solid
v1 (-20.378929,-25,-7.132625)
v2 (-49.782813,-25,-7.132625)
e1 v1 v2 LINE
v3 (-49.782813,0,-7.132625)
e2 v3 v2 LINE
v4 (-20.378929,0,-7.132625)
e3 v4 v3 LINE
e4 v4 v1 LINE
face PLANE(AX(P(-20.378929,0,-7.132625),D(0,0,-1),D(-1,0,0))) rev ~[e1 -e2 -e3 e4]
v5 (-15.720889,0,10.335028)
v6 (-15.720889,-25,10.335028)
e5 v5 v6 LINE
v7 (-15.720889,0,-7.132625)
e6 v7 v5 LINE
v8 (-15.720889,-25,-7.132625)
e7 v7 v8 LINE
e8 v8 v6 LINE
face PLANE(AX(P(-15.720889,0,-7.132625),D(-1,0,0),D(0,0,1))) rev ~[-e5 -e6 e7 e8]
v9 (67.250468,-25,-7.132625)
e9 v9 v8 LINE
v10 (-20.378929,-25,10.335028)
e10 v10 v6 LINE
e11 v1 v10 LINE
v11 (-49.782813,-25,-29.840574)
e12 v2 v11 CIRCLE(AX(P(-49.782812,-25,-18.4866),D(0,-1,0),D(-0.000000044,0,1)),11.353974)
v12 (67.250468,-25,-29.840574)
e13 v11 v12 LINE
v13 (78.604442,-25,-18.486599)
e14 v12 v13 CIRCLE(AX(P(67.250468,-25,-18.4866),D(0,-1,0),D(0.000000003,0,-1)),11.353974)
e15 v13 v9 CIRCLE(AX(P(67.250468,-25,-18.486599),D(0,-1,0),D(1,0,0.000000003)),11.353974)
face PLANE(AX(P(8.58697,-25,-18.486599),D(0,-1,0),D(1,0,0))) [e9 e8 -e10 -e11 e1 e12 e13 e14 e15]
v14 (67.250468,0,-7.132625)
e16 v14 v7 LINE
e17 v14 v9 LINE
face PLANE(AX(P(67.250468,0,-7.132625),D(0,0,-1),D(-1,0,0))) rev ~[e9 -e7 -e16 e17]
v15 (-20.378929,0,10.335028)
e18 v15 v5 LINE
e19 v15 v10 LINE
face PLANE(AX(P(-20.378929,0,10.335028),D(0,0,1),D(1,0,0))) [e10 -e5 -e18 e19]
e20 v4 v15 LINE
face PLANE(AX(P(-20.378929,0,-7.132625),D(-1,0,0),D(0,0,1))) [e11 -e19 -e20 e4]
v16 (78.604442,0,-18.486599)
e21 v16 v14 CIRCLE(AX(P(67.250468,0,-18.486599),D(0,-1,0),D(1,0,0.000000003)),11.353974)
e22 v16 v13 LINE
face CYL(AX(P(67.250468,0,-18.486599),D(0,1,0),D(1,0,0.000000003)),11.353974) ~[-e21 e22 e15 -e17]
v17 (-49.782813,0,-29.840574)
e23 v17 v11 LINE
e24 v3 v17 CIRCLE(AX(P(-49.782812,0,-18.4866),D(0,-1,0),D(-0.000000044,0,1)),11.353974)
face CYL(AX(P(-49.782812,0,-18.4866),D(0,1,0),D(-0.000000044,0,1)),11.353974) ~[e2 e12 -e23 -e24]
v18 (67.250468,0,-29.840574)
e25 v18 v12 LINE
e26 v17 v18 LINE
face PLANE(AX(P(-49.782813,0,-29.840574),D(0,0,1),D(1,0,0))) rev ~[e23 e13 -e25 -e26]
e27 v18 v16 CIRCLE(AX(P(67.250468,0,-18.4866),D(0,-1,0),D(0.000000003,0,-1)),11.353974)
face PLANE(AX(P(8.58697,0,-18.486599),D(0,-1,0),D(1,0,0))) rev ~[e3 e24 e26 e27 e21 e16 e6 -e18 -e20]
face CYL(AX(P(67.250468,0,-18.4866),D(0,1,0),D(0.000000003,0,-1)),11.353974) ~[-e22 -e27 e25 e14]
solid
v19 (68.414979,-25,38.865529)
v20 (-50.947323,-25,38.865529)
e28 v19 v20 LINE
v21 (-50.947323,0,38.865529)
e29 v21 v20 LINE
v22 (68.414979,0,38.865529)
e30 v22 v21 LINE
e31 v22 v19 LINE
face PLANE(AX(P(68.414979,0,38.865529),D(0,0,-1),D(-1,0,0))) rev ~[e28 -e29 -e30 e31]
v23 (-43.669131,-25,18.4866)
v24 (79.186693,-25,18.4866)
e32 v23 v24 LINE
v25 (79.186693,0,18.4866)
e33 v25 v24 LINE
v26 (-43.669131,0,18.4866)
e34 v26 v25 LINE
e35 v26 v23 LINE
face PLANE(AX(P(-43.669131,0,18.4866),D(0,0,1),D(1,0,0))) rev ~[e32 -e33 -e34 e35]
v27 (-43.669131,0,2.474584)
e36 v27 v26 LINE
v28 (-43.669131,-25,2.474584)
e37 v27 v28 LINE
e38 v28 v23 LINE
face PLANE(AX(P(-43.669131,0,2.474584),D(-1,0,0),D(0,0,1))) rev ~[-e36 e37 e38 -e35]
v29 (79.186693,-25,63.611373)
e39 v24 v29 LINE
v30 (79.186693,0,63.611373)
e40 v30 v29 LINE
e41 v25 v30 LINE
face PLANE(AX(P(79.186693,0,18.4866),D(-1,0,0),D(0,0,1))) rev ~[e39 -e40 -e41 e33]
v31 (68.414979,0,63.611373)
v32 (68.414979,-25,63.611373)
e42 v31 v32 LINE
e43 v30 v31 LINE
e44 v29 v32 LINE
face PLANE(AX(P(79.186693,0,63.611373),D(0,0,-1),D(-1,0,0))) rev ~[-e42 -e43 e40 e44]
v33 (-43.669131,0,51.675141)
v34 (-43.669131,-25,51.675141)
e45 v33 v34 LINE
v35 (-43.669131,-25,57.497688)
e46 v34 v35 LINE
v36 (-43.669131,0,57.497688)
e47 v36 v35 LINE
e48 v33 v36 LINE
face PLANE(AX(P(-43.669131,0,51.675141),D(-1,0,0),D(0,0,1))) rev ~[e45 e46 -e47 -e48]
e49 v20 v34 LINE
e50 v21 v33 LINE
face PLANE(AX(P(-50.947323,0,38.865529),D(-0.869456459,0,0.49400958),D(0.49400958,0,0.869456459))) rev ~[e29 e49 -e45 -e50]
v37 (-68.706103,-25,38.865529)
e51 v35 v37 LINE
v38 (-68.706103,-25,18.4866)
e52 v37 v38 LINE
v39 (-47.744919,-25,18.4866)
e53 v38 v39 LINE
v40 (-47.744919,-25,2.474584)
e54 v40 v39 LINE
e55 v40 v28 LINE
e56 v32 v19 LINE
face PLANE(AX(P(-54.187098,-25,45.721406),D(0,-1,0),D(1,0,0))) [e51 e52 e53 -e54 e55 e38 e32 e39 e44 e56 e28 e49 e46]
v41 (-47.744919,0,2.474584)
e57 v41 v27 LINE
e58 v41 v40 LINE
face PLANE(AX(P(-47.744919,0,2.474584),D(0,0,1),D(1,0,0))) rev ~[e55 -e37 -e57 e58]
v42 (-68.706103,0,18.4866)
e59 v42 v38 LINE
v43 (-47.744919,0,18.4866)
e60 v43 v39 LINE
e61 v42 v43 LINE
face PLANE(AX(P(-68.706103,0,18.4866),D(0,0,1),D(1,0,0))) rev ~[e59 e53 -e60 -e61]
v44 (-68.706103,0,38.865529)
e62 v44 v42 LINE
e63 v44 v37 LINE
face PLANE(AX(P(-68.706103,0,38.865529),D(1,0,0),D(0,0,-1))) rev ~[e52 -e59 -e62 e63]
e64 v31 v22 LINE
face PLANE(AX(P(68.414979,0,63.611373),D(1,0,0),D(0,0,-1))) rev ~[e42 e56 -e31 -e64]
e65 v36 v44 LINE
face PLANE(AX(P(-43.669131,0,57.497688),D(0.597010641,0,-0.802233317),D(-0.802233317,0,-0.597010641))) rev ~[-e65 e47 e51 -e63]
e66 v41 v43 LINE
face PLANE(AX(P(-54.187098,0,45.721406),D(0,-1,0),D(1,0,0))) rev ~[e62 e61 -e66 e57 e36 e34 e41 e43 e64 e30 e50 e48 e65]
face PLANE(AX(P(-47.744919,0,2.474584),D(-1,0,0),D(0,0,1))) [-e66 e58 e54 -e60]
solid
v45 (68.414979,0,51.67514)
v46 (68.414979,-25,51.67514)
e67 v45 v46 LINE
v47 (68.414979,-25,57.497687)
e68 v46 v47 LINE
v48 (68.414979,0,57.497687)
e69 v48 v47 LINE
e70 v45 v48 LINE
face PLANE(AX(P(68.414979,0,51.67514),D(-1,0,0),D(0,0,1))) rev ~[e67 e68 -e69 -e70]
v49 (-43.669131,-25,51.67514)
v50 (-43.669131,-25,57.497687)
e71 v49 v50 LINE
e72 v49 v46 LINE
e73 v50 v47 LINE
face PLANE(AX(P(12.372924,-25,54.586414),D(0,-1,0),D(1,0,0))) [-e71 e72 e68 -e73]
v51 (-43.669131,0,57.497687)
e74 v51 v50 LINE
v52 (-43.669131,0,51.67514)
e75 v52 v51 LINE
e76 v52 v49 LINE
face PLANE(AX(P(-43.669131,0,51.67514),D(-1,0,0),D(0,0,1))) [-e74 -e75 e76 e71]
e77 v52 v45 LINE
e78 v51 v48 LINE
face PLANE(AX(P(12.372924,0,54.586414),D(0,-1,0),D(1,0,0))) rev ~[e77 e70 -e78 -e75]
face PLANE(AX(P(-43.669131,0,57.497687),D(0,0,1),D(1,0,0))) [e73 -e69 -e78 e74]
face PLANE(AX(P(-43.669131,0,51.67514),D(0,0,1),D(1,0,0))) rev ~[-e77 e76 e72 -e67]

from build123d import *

# Parameters (mm, degrees)
F0_W     = 112.08411
F0_H     = 5.822547
F1_DEPTH = 25
F0_W_2   = 4.075788
F0_H_2   = 16.012016
F2_DEPTH = 25
F0_W_3   = 4.65804
F0_H_3   = 17.467653
F3_DEPTH = 25


with BuildPart() as f1:
    # F0 (on Front) → F1 (new body)
    with BuildSketch(Plane.XZ):
        with Locations((12.372924, 54.586414)):
            Rectangle(F0_W, F0_H)
    extrude(amount=F1_DEPTH)


with BuildPart() as f2:
    # F0 (on Front) → F2 (new body)
    with BuildSketch(Plane.XZ):
        Polygon((-43.669131, 57.497688), (-68.706103, 38.865529), (-50.947323, 38.865529), (-43.669131, 51.675141), align=None)
        Polygon((-50.947323, 38.865529), (-68.706103, 38.865529), (-68.706103, 18.4866), (-47.744919, 18.4866), (-43.669131, 18.4866), (79.186693, 18.4866), (79.186693, 38.865529), (68.414979, 38.865529), align=None)
        Polygon((68.414979, 51.675141), (68.414979, 38.865529), (79.186693, 38.865529), (79.186693, 63.611373), (68.414979, 63.611373), (68.414979, 57.497688), align=None)
        with Locations((-45.707025, 10.480592)):
            Rectangle(F0_W_2, F0_H_2)
    extrude(amount=F2_DEPTH)


with BuildPart() as f3:
    # F0 (on Front) → F3 (new body)
    with BuildSketch(Plane.XZ):
        with BuildLine():
            Line((-20.378929, -7.132625), (-49.782813, -7.132625))
            ThreePointArc((-49.782813, -7.132625), (-41.75434, -10.458127), (-38.428838, -18.486599))
            ThreePointArc((-38.428838, -18.486599), (-41.75434, -26.515072), (-49.782813, -29.840574))
            Line((-49.782813, -29.840574), (67.250468, -29.840574))
            ThreePointArc((67.250468, -29.840574), (55.896494, -18.486599), (67.250468, -7.132625))
            Line((67.250468, -7.132625), (-15.720889, -7.132625))
            Line((-15.720889, -7.132625), (-20.378929, -7.132625))
        make_face()
        with Locations((-18.049909, 1.601201)):
            Rectangle(F0_W_3, F0_H_3)
        with BuildLine():
            ThreePointArc((-38.428838, -18.486599), (-41.75434, -10.458127), (-49.782813, -7.132625))
            Line((-49.782813, -7.132625), (-49.782813, -29.840574))
            ThreePointArc((-49.782813, -29.840574), (-41.75434, -26.515072), (-38.428838, -18.486599))
        make_face()
        with BuildLine():
            Line((-49.782813, -29.840574), (-49.782813, -7.132625))
            ThreePointArc((-49.782813, -7.132625), (-61.136787, -18.486599), (-49.782813, -29.840574))
        make_face()
        with BuildLine():
            ThreePointArc((67.250468, -7.132625), (55.896494, -18.486599), (67.250468, -29.840574))
            Line((67.250468, -29.840574), (67.250468, -7.132625))
        make_face()
        with BuildLine():
            Line((67.250468, -7.132625), (67.250468, -29.840574))
            ThreePointArc((67.250468, -29.840574), (75.27894, -26.515072), (78.604442, -18.486599))
            ThreePointArc((78.604442, -18.486599), (75.27894, -10.458127), (67.250468, -7.132625))
        make_face()
    extrude(amount=F3_DEPTH)


solid = Compound([f1.part, f2.part, f3.part])
